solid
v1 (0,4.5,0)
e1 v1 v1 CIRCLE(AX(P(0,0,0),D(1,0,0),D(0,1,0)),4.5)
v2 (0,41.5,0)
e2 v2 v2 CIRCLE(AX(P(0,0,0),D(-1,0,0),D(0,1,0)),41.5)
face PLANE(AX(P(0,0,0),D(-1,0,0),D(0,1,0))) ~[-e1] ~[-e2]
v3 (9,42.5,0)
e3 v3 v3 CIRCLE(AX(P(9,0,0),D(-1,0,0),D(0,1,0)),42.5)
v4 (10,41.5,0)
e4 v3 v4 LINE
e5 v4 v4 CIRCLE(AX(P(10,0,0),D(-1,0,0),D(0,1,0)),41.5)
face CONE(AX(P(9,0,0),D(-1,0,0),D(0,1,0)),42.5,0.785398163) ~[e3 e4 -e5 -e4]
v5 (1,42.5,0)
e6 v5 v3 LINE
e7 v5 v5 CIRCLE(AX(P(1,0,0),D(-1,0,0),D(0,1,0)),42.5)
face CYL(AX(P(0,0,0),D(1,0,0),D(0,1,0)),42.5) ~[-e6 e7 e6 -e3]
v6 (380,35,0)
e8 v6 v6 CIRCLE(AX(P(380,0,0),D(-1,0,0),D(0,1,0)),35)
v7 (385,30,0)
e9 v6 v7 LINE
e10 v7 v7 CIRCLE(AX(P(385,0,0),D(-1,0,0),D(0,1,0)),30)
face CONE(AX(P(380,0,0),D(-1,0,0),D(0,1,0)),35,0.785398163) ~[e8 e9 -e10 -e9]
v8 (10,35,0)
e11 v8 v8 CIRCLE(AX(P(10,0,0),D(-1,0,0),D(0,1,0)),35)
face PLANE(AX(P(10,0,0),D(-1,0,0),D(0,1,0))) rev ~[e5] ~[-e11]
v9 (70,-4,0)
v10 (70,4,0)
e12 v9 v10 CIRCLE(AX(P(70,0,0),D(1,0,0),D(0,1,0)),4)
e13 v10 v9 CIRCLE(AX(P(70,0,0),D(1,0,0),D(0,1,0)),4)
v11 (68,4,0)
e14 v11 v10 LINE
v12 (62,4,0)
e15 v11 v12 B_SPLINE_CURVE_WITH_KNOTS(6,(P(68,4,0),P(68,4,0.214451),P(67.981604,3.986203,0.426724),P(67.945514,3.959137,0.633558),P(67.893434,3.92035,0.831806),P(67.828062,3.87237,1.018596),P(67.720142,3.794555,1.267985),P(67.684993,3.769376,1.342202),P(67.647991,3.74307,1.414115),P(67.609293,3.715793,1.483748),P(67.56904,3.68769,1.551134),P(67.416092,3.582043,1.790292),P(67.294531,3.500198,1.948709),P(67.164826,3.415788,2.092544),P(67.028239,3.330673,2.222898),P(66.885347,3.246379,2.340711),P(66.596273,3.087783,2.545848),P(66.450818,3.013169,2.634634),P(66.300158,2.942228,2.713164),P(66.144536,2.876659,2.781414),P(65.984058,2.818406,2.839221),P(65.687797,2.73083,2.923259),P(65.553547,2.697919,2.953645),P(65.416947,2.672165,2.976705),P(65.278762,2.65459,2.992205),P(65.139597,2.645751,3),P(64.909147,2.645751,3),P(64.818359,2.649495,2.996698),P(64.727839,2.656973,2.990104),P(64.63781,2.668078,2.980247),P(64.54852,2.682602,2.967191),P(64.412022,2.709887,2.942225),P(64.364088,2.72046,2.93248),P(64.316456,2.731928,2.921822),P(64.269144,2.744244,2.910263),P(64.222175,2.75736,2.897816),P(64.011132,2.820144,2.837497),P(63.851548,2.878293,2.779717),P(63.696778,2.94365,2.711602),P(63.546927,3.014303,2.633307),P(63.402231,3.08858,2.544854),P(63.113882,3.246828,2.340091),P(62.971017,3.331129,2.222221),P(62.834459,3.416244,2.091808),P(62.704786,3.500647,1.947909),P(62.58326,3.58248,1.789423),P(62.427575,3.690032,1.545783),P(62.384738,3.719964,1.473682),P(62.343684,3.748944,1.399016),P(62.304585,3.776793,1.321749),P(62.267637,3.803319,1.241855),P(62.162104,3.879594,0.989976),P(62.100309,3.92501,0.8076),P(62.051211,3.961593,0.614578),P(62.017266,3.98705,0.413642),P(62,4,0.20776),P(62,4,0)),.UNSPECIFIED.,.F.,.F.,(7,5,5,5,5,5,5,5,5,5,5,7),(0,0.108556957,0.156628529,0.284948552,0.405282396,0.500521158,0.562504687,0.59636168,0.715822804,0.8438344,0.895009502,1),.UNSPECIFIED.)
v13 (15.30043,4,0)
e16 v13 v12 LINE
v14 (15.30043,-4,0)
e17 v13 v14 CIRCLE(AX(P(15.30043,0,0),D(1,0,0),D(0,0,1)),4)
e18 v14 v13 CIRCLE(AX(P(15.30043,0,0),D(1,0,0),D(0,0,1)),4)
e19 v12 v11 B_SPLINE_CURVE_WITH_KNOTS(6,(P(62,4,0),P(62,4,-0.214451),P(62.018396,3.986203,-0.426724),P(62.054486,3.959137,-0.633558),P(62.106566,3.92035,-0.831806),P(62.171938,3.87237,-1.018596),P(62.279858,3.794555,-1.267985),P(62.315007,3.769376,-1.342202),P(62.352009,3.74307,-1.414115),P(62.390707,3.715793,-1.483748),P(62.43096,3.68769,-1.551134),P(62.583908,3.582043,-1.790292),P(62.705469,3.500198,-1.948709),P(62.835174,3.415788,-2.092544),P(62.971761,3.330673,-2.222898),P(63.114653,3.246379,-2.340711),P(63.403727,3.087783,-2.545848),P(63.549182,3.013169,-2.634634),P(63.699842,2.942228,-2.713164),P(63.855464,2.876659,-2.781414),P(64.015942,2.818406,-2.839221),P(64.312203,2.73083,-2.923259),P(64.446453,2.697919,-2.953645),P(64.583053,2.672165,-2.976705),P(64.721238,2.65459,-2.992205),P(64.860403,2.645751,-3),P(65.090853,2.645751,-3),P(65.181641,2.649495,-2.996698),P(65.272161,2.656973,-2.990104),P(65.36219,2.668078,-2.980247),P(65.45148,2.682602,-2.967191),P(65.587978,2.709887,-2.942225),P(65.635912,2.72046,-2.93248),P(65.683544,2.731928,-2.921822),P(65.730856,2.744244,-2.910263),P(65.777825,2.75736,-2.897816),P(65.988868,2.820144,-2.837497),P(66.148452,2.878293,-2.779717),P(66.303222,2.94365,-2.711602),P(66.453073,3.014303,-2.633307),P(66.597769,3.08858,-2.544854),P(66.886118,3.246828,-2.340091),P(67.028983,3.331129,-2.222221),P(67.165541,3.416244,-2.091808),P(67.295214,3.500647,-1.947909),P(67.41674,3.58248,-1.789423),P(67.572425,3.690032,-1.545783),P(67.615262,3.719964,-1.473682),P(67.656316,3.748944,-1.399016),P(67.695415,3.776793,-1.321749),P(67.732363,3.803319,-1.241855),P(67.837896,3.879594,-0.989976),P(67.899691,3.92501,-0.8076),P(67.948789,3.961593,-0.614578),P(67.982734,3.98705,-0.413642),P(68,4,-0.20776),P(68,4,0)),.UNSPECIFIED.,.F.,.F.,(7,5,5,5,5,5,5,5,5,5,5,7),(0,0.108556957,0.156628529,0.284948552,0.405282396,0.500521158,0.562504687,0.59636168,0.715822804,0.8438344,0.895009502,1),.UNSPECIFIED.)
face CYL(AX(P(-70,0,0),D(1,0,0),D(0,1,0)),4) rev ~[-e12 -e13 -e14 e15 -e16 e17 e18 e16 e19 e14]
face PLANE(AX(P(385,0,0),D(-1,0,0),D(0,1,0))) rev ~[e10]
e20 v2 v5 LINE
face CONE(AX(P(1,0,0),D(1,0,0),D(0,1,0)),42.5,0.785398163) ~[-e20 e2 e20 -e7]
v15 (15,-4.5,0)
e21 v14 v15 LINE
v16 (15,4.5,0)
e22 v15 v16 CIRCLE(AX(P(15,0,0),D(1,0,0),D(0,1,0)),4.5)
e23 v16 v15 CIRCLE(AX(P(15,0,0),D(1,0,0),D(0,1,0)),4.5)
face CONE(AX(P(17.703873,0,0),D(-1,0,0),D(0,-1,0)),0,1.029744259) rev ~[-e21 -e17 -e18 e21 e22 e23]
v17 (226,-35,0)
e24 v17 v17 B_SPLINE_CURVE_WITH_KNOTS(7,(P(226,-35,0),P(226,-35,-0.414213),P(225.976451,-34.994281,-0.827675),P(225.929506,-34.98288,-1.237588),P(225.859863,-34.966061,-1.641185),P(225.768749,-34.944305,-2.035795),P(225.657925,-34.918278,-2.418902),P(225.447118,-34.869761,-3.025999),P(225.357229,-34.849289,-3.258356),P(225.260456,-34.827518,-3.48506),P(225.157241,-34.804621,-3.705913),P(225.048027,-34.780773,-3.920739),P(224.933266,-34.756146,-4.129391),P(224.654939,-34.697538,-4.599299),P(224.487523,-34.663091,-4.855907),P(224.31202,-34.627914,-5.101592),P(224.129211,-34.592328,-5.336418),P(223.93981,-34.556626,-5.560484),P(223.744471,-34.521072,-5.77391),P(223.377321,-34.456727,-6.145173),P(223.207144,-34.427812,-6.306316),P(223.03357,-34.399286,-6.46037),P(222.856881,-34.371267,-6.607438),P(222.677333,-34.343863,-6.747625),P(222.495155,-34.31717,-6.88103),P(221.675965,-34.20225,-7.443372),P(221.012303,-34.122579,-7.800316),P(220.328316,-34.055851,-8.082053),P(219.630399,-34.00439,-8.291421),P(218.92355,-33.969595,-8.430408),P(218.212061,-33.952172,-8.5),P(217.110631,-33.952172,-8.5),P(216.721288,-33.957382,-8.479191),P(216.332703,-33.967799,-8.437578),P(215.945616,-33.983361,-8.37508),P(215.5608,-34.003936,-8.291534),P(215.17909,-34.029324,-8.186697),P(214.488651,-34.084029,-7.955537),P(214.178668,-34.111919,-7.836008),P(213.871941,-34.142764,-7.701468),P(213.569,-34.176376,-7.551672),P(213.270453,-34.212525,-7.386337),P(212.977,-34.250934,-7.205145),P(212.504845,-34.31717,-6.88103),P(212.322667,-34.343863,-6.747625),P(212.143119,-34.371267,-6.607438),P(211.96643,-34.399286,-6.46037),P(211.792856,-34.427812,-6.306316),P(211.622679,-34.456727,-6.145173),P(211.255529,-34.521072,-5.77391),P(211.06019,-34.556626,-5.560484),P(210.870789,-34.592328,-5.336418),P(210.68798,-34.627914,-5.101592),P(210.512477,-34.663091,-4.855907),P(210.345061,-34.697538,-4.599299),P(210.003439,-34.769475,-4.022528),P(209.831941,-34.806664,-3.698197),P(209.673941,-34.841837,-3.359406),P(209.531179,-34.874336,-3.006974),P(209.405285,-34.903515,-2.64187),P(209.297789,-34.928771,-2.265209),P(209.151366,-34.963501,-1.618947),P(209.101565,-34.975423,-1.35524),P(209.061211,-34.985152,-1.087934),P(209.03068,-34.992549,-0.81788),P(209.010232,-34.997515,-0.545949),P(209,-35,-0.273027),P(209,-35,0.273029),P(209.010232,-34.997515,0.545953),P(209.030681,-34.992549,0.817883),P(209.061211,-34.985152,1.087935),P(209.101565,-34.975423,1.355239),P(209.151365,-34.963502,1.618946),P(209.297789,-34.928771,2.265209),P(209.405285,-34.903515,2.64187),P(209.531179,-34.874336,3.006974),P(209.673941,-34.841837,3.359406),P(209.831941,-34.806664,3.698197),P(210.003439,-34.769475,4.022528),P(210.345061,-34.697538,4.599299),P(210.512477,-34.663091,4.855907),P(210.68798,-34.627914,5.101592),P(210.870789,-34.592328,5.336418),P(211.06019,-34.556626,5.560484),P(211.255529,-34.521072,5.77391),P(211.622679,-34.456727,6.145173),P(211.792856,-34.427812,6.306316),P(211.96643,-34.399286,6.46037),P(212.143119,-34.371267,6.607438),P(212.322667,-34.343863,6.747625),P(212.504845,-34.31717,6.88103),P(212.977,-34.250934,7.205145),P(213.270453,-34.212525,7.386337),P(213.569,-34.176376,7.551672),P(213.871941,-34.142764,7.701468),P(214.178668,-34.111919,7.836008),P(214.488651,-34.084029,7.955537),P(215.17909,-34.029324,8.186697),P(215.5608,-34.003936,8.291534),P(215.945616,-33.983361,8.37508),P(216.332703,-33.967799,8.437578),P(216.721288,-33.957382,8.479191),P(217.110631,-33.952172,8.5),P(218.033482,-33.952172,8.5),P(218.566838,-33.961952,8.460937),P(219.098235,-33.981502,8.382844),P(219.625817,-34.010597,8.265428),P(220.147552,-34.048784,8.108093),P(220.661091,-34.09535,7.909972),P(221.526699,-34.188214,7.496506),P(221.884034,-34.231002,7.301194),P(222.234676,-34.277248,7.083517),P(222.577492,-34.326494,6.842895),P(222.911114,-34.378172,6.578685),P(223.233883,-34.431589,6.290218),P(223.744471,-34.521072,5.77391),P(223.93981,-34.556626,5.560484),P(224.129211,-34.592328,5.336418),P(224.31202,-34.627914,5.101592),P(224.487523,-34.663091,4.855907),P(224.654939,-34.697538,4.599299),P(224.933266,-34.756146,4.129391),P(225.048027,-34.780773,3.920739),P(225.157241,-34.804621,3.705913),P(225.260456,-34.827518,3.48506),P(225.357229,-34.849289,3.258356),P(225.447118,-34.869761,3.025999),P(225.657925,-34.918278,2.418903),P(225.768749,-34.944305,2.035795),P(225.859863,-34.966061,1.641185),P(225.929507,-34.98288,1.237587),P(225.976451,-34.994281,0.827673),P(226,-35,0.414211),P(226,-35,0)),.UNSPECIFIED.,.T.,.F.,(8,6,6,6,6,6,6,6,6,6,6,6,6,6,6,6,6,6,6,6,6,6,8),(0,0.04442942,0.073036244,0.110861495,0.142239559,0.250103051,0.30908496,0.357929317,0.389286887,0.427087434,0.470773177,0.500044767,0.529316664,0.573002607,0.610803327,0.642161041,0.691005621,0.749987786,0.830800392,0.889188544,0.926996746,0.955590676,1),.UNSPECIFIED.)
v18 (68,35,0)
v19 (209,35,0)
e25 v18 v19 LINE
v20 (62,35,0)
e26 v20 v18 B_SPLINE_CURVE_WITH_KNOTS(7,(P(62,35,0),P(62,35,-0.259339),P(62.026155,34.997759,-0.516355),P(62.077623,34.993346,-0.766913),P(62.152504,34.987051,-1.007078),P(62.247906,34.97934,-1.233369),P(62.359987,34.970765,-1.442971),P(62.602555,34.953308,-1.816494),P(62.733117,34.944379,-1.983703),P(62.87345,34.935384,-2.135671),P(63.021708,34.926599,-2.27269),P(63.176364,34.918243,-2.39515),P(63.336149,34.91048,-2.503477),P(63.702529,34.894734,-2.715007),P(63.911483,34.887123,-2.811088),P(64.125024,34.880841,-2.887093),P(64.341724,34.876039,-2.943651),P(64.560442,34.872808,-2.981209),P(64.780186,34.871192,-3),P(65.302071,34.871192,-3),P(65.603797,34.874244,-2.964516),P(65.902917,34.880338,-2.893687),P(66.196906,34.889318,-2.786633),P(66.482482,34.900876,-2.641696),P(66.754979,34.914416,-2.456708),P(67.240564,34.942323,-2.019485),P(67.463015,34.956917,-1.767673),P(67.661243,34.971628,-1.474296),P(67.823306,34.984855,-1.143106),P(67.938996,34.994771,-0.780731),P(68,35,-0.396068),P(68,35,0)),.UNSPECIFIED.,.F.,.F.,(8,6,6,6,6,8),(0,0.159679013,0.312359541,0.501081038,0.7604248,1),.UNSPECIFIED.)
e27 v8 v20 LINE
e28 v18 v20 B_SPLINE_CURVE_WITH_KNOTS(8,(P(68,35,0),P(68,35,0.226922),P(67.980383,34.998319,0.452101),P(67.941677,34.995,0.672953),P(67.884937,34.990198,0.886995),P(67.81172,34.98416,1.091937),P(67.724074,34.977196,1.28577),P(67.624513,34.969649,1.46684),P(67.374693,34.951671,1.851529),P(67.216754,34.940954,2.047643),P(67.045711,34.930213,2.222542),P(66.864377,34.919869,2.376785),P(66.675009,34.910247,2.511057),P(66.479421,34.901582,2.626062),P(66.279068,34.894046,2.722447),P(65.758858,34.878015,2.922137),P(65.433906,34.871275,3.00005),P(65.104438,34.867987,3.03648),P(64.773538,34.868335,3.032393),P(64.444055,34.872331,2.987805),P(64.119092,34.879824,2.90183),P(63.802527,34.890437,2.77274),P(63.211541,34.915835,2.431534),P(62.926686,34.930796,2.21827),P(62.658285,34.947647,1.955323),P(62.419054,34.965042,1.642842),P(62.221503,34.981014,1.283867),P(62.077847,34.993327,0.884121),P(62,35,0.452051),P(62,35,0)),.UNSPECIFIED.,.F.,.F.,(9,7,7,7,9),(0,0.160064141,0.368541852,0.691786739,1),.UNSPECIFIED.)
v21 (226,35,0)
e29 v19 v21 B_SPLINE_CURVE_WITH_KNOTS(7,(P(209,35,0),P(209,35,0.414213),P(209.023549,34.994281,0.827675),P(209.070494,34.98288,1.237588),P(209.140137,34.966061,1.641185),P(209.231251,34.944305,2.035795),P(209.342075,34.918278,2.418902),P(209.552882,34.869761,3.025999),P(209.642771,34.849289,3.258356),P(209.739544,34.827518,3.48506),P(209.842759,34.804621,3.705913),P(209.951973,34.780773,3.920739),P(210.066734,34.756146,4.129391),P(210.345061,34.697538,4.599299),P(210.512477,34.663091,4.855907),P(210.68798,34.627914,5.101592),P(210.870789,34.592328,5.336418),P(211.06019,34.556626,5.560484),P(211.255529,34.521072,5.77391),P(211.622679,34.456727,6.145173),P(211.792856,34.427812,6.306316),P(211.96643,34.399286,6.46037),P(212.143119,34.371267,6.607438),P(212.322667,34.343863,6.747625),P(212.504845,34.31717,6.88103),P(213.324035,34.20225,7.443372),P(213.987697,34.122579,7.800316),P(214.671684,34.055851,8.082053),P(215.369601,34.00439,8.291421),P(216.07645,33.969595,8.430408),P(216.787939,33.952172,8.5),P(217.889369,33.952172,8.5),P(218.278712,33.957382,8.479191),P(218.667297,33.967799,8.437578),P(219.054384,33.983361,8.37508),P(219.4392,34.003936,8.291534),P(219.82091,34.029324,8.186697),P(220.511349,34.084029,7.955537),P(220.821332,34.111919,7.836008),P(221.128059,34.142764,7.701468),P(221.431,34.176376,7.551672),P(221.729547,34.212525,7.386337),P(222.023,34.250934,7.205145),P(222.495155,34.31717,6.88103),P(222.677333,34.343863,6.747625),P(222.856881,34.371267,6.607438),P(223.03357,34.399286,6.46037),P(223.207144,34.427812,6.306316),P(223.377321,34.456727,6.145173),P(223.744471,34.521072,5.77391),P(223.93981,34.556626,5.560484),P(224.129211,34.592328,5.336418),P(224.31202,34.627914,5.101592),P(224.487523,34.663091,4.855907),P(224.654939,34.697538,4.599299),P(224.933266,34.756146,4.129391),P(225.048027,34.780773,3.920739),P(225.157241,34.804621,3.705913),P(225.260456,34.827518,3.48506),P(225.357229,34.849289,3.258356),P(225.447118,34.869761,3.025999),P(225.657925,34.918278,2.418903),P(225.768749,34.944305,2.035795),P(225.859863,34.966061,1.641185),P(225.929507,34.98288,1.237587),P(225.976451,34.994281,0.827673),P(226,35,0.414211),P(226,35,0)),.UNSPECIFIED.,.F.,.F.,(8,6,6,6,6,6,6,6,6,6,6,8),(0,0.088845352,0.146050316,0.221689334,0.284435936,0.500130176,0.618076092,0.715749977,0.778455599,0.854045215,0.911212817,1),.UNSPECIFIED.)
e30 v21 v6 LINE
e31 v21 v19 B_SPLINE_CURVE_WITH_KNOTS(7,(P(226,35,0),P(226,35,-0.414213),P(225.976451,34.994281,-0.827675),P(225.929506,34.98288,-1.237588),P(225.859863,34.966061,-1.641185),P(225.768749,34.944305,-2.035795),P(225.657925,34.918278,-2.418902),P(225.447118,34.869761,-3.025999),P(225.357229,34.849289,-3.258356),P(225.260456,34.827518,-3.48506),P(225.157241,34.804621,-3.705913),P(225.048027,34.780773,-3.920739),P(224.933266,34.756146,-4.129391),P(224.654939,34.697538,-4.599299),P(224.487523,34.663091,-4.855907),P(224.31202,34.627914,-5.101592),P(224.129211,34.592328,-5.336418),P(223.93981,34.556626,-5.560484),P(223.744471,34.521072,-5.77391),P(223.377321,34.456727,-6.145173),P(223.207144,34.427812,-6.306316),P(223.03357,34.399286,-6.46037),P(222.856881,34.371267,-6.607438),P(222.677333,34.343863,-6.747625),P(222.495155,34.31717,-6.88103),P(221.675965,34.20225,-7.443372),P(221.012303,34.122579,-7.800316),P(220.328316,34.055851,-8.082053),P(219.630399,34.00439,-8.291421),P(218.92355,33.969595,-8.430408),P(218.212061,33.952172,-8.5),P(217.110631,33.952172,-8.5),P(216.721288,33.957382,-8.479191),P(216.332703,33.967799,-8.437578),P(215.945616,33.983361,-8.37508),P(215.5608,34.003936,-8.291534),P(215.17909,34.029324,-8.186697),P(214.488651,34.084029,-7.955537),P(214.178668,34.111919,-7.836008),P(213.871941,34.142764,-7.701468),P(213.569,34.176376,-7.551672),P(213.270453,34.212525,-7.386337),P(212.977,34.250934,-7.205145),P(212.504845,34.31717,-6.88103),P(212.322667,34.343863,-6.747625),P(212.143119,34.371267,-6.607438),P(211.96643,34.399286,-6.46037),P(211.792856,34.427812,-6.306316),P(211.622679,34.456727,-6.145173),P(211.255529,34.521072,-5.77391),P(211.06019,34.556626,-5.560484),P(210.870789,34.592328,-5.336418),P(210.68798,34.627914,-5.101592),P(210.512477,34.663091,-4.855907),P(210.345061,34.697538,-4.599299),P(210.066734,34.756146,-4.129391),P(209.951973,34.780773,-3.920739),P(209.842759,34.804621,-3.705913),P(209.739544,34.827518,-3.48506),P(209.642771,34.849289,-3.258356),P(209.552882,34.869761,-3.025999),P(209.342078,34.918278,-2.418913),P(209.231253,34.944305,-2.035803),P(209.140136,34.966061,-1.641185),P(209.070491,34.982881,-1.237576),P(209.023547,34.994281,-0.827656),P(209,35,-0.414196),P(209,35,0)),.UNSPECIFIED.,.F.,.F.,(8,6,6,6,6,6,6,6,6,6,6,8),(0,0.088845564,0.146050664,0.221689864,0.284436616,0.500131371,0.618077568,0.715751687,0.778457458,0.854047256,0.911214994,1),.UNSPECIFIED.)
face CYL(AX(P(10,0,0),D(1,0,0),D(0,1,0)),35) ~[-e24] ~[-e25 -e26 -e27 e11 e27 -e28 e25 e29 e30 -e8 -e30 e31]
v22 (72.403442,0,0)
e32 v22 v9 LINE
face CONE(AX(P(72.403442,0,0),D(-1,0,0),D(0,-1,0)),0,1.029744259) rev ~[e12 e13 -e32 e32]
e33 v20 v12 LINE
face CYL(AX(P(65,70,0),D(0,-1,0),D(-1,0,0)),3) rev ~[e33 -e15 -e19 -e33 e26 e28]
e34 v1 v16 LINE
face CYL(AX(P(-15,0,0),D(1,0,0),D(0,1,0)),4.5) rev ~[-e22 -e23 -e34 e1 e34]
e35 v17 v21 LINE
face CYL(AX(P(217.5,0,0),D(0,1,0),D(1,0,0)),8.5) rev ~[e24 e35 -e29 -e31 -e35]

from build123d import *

# Parameters (mm, degrees)
CHAMFER_1_SIZE            = 1
HOLE_WIZARD_8_0_8_1_D     = 8
HOLE_WIZARD_8_0_8_1_DEPTH = 70
HOLE_WIZARD_8_0_8_1_TIP   = 2.403442476
CHAMFER_2_SIZE            = 5
M10X1_0_1_D               = 9
M10X1_0_1_DEPTH           = 15
M10X1_0_1_TIP             = 2.703872786
HOLE_WIZARD_6_0_6_4_D     = 6
HOLE_WIZARD_6_0_6_4_DEPTH = 35
HOLE_WIZARD_6_0_6_4_TIP   = 1.802581857
SKETCH_8_R                = 8.5
CUT_EXTRUDE_1_DEPTH       = 35


with BuildPart() as part:
    # 草图1 → 旋转1 (revolve)
    with BuildSketch(Plane.XY):
        Polygon((0, 0), (0, 42.5), (10, 42.5), (10, 35), (385, 35), (385, 0), align=None)
    revolve(axis=Axis((385, 0, 0), (-1, 0, 0)))

    # 倒角1
    chamfer_1_edges = [part.edges().sort_by_distance(p)[0] for p in [
        (10, -42.5, 0),
        (0, -42.5, 0),
    ]]
    chamfer(chamfer_1_edges, length=CHAMFER_1_SIZE)

    # Ø8.0 (8) 直径孔1
    with Locations(Plane(origin=(0, 0, 0), x_dir=(0, -1, 0), z_dir=(-1, 0, 0))):
        with Locations((0, 0)):
            Hole(HOLE_WIZARD_8_0_8_1_D / 2, depth=HOLE_WIZARD_8_0_8_1_DEPTH)
            with Locations((0, 0, -(HOLE_WIZARD_8_0_8_1_DEPTH + HOLE_WIZARD_8_0_8_1_TIP / 2))):  # 118° drill point
                Cone(0, HOLE_WIZARD_8_0_8_1_D / 2, HOLE_WIZARD_8_0_8_1_TIP, mode=Mode.SUBTRACT)

    # 倒角2
    chamfer_2_edges = [part.edges().sort_by_distance(p)[0] for p in [
        (385, -35, 0),
    ]]
    chamfer(chamfer_2_edges, length=CHAMFER_2_SIZE)

    # M10x1.0 螺纹孔1
    with Locations(Plane(origin=(0, 0, 0), x_dir=(0, -1, 0), z_dir=(-1, 0, 0))):
        with Locations((0, 0)):
            Hole(M10X1_0_1_D / 2, depth=M10X1_0_1_DEPTH)
            with Locations((0, 0, -(M10X1_0_1_DEPTH + M10X1_0_1_TIP / 2))):  # 118° drill point
                Cone(0, M10X1_0_1_D / 2, M10X1_0_1_TIP, mode=Mode.SUBTRACT)

    # Ø6.0 (6) 直径孔4
    with Locations(Plane(origin=(0, 35, 0), x_dir=(1, 0, 0), z_dir=(0, 1, 0))):
        with Locations((65, 0)):
            Hole(HOLE_WIZARD_6_0_6_4_D / 2, depth=HOLE_WIZARD_6_0_6_4_DEPTH)
            with Locations((0, 0, -(HOLE_WIZARD_6_0_6_4_DEPTH + HOLE_WIZARD_6_0_6_4_TIP / 2))):  # 118° drill point
                Cone(0, HOLE_WIZARD_6_0_6_4_D / 2, HOLE_WIZARD_6_0_6_4_TIP, mode=Mode.SUBTRACT)

    # 草图8 → 切除-拉伸1 (cut, symmetric)
    with BuildSketch(Plane(origin=(0, 0, 0), x_dir=(1, 0, 0), z_dir=(0, 1, 0))):
        with Locations((217.5, 0)):
            Circle(SKETCH_8_R)
    extrude(amount=CUT_EXTRUDE_1_DEPTH, both=True, mode=Mode.SUBTRACT)


solid = part.part
